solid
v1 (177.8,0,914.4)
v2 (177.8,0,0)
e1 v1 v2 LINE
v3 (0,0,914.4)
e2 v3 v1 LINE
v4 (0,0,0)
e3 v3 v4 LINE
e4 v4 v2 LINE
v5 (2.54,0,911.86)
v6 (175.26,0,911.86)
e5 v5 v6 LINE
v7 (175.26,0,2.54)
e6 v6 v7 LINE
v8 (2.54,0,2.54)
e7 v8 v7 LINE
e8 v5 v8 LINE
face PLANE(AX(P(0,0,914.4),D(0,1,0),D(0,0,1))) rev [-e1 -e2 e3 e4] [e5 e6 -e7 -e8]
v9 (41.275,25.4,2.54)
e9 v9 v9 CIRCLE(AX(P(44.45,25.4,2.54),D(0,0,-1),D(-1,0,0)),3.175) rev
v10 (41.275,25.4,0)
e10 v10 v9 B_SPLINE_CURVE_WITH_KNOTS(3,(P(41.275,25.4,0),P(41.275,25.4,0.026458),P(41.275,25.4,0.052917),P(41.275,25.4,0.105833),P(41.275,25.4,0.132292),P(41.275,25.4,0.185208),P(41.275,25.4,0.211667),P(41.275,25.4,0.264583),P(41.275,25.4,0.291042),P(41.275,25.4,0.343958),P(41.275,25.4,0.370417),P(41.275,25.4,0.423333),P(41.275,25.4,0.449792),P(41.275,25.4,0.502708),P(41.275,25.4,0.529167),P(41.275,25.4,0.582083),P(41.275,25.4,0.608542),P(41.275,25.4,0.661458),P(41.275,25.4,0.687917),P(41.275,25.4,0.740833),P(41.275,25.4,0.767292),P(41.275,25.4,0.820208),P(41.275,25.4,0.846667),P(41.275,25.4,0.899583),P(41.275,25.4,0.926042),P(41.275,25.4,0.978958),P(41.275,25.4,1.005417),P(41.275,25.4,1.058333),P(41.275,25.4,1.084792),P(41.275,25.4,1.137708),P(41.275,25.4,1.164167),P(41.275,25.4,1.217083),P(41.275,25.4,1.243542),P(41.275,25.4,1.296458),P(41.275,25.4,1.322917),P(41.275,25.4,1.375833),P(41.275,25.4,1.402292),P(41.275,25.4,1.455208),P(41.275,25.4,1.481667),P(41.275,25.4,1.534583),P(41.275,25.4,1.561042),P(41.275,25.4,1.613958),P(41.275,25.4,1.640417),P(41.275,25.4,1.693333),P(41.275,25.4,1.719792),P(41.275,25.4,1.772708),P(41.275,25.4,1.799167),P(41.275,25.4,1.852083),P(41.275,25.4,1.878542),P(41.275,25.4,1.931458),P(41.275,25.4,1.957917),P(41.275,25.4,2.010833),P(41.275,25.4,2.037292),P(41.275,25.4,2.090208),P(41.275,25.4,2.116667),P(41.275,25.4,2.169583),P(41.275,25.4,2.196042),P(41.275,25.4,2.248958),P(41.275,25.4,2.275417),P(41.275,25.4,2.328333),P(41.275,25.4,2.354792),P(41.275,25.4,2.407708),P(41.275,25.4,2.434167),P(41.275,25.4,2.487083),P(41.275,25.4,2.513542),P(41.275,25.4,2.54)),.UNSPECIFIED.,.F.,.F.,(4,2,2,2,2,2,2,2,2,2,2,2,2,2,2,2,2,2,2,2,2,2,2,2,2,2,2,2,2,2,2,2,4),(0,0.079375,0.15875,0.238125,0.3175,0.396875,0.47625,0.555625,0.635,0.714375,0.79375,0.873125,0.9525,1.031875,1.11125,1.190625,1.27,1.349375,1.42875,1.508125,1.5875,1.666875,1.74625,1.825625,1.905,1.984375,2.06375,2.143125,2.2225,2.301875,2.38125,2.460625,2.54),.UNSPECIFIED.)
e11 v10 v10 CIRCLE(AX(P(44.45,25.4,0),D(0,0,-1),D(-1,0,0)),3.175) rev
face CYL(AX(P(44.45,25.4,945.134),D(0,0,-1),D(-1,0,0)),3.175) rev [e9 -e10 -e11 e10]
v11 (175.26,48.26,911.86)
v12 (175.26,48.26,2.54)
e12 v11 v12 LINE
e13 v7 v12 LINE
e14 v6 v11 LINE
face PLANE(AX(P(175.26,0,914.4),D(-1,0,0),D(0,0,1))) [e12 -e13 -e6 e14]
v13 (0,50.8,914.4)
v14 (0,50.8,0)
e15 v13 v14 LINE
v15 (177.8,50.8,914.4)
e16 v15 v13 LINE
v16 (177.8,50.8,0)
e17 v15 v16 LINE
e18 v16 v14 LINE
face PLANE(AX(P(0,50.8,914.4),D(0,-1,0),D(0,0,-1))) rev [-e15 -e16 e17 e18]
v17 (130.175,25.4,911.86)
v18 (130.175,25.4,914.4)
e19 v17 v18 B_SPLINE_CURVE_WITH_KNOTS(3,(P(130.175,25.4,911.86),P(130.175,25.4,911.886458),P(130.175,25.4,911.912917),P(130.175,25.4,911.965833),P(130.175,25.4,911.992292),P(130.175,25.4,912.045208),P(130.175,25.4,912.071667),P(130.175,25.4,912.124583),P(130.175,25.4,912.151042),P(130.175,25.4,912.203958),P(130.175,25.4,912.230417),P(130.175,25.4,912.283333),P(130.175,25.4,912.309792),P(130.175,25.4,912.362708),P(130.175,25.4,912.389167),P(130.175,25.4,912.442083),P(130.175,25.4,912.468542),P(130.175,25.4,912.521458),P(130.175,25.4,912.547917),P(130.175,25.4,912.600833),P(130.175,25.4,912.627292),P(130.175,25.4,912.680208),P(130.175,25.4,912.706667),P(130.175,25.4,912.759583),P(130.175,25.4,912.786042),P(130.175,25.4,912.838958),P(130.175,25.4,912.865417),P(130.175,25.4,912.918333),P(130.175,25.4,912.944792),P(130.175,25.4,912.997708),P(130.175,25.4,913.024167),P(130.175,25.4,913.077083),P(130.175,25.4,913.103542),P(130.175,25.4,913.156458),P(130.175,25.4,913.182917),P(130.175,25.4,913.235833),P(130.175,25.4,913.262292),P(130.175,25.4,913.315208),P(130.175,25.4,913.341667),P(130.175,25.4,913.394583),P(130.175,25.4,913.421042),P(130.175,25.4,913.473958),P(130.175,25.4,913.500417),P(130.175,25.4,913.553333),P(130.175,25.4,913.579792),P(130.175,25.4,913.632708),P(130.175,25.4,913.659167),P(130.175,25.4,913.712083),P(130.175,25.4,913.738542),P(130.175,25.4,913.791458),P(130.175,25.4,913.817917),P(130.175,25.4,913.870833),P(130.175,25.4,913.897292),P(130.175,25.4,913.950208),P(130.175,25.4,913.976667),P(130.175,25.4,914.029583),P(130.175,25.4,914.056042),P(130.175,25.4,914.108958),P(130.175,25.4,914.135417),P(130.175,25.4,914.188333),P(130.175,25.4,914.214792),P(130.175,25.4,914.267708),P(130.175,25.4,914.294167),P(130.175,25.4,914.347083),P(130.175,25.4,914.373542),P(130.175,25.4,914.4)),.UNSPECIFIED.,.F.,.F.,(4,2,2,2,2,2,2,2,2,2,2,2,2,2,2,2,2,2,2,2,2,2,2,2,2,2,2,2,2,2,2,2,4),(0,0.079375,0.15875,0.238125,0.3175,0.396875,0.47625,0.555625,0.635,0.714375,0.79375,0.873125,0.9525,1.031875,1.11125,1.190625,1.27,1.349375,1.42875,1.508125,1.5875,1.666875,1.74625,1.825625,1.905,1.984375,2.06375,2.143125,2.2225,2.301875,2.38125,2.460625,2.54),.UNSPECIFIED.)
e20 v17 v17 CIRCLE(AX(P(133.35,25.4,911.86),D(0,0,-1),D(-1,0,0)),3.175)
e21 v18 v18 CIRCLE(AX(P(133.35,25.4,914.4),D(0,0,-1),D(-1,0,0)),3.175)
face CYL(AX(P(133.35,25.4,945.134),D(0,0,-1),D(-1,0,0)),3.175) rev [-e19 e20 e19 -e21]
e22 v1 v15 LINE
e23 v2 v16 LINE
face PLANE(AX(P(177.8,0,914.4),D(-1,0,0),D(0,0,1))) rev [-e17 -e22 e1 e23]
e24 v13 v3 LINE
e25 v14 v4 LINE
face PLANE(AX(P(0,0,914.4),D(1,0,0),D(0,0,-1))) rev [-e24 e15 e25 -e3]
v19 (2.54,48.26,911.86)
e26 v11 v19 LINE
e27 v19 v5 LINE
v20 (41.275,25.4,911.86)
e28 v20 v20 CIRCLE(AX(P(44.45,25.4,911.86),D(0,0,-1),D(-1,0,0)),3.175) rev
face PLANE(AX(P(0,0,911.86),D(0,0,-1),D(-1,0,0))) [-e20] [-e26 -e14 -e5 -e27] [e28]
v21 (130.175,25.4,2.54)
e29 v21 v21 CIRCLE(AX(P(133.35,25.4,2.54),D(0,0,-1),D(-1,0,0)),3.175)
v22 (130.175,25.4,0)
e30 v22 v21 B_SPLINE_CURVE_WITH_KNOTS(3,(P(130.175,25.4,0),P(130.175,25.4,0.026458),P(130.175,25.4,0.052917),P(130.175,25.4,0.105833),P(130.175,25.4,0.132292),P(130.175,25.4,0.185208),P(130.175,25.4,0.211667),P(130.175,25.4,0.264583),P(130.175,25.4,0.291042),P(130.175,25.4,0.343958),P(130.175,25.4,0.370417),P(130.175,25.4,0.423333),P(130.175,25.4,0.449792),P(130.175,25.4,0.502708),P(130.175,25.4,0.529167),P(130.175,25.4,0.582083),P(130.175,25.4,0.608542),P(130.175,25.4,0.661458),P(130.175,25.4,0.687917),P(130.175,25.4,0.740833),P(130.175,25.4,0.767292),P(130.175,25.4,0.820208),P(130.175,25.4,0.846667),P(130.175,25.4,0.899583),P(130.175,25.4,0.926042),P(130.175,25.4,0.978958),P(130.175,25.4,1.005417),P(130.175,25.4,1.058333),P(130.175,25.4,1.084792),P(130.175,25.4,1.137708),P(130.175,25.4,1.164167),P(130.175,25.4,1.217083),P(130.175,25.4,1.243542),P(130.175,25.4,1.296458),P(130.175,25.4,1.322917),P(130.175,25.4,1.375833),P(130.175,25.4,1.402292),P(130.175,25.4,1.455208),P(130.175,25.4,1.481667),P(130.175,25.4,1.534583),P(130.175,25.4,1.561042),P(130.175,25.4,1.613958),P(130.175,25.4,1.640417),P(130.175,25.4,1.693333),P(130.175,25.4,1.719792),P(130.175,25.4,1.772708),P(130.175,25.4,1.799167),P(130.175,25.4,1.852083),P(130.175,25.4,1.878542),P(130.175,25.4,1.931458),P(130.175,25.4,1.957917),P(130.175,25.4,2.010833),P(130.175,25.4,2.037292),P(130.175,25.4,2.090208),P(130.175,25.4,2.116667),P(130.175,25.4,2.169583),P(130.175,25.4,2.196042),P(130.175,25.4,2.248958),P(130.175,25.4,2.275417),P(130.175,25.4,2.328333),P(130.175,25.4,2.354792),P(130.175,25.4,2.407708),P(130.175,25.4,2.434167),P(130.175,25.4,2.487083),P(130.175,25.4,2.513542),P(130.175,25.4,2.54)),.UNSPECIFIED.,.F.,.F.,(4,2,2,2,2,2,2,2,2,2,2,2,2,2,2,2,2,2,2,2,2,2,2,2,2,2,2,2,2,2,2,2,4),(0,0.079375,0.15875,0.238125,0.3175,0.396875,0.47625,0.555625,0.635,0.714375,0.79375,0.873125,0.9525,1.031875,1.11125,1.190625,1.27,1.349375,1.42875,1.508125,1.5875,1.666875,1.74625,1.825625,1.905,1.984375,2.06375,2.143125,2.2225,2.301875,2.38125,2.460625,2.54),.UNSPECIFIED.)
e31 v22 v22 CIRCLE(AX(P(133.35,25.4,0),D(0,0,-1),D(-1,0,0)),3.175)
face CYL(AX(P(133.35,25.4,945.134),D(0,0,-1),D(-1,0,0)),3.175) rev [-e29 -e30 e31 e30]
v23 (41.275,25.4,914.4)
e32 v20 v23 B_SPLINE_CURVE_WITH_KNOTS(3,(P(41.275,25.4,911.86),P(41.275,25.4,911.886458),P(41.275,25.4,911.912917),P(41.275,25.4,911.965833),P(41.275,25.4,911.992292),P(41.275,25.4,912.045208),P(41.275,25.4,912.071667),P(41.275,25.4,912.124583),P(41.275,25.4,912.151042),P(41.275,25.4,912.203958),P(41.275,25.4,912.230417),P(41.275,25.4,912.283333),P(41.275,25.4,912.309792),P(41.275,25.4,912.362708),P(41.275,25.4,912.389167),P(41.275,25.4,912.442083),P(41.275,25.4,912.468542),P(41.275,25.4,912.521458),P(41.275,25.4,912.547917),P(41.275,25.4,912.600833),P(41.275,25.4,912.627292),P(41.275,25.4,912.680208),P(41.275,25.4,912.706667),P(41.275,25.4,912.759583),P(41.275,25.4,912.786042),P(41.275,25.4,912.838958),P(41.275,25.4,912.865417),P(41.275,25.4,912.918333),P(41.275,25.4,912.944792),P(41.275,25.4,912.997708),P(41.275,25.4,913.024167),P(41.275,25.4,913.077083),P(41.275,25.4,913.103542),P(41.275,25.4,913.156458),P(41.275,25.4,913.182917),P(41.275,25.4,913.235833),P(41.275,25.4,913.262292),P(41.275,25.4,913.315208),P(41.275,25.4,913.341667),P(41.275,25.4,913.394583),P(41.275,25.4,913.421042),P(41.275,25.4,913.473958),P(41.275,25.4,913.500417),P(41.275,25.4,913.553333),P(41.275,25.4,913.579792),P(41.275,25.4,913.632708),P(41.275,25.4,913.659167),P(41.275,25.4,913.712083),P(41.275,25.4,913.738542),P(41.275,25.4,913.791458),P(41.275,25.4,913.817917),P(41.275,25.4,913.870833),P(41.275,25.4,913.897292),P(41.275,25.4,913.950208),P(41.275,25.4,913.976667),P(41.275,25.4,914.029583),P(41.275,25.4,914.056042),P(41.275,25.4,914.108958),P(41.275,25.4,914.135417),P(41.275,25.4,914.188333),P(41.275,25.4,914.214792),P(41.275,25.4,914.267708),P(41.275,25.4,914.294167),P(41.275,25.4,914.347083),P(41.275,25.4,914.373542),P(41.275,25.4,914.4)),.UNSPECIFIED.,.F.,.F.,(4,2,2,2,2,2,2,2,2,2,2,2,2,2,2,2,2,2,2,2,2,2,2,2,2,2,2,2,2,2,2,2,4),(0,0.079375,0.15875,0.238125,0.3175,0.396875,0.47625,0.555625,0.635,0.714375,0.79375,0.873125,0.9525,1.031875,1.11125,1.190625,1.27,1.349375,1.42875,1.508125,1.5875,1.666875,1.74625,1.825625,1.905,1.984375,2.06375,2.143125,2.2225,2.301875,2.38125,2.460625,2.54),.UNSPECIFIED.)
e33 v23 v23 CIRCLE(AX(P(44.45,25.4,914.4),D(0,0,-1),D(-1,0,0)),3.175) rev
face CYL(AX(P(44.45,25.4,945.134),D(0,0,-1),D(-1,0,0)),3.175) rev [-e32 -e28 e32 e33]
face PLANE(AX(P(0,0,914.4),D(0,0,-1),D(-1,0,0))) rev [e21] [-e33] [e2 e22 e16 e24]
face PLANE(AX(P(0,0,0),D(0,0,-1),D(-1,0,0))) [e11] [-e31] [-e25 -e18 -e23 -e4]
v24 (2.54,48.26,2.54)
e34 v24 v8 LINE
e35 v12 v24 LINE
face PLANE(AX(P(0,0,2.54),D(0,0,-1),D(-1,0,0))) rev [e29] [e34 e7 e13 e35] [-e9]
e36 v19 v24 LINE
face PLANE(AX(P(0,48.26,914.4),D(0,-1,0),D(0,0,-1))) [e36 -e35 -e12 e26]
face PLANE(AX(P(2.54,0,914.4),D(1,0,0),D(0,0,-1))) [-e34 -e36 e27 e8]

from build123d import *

# Parameters (mm, degrees)
SKETCH1_W           = 177.8
SKETCH1_H           = 50.8
BOSS_EXTRUDE1_DEPTH = 914.4
SHELL1_T            = -2.54
SKETCH2_R           = 3.175
CUT_EXTRUDE1_DEPTH  = 945.134


with BuildPart() as part:
    # Sketch1 → Boss-Extrude1 (new body)
    with BuildSketch(Plane.XY):
        with Locations((88.9, 25.4)):
            Rectangle(SKETCH1_W, SKETCH1_H)
    extrude(amount=BOSS_EXTRUDE1_DEPTH)

    # Shell1
    shell1_openings = [part.faces().sort_by_distance(p)[0] for p in [
        (88.9, 0, 457.2),
    ]]
    offset(amount=SHELL1_T, openings=shell1_openings, kind=Kind.INTERSECTION)

    # Sketch2 → Cut-Extrude1 (cut)
    with BuildSketch(Plane(origin=(0, 0, 0), x_dir=(-1, 0, 0), z_dir=(0, 0, -1))):
        with Locations((-44.45, 25.4)):
            Circle(SKETCH2_R)
        with Locations((-133.35, 25.4)):
            Circle(SKETCH2_R)
    extrude(amount=-CUT_EXTRUDE1_DEPTH, mode=Mode.SUBTRACT)


solid = part.part
